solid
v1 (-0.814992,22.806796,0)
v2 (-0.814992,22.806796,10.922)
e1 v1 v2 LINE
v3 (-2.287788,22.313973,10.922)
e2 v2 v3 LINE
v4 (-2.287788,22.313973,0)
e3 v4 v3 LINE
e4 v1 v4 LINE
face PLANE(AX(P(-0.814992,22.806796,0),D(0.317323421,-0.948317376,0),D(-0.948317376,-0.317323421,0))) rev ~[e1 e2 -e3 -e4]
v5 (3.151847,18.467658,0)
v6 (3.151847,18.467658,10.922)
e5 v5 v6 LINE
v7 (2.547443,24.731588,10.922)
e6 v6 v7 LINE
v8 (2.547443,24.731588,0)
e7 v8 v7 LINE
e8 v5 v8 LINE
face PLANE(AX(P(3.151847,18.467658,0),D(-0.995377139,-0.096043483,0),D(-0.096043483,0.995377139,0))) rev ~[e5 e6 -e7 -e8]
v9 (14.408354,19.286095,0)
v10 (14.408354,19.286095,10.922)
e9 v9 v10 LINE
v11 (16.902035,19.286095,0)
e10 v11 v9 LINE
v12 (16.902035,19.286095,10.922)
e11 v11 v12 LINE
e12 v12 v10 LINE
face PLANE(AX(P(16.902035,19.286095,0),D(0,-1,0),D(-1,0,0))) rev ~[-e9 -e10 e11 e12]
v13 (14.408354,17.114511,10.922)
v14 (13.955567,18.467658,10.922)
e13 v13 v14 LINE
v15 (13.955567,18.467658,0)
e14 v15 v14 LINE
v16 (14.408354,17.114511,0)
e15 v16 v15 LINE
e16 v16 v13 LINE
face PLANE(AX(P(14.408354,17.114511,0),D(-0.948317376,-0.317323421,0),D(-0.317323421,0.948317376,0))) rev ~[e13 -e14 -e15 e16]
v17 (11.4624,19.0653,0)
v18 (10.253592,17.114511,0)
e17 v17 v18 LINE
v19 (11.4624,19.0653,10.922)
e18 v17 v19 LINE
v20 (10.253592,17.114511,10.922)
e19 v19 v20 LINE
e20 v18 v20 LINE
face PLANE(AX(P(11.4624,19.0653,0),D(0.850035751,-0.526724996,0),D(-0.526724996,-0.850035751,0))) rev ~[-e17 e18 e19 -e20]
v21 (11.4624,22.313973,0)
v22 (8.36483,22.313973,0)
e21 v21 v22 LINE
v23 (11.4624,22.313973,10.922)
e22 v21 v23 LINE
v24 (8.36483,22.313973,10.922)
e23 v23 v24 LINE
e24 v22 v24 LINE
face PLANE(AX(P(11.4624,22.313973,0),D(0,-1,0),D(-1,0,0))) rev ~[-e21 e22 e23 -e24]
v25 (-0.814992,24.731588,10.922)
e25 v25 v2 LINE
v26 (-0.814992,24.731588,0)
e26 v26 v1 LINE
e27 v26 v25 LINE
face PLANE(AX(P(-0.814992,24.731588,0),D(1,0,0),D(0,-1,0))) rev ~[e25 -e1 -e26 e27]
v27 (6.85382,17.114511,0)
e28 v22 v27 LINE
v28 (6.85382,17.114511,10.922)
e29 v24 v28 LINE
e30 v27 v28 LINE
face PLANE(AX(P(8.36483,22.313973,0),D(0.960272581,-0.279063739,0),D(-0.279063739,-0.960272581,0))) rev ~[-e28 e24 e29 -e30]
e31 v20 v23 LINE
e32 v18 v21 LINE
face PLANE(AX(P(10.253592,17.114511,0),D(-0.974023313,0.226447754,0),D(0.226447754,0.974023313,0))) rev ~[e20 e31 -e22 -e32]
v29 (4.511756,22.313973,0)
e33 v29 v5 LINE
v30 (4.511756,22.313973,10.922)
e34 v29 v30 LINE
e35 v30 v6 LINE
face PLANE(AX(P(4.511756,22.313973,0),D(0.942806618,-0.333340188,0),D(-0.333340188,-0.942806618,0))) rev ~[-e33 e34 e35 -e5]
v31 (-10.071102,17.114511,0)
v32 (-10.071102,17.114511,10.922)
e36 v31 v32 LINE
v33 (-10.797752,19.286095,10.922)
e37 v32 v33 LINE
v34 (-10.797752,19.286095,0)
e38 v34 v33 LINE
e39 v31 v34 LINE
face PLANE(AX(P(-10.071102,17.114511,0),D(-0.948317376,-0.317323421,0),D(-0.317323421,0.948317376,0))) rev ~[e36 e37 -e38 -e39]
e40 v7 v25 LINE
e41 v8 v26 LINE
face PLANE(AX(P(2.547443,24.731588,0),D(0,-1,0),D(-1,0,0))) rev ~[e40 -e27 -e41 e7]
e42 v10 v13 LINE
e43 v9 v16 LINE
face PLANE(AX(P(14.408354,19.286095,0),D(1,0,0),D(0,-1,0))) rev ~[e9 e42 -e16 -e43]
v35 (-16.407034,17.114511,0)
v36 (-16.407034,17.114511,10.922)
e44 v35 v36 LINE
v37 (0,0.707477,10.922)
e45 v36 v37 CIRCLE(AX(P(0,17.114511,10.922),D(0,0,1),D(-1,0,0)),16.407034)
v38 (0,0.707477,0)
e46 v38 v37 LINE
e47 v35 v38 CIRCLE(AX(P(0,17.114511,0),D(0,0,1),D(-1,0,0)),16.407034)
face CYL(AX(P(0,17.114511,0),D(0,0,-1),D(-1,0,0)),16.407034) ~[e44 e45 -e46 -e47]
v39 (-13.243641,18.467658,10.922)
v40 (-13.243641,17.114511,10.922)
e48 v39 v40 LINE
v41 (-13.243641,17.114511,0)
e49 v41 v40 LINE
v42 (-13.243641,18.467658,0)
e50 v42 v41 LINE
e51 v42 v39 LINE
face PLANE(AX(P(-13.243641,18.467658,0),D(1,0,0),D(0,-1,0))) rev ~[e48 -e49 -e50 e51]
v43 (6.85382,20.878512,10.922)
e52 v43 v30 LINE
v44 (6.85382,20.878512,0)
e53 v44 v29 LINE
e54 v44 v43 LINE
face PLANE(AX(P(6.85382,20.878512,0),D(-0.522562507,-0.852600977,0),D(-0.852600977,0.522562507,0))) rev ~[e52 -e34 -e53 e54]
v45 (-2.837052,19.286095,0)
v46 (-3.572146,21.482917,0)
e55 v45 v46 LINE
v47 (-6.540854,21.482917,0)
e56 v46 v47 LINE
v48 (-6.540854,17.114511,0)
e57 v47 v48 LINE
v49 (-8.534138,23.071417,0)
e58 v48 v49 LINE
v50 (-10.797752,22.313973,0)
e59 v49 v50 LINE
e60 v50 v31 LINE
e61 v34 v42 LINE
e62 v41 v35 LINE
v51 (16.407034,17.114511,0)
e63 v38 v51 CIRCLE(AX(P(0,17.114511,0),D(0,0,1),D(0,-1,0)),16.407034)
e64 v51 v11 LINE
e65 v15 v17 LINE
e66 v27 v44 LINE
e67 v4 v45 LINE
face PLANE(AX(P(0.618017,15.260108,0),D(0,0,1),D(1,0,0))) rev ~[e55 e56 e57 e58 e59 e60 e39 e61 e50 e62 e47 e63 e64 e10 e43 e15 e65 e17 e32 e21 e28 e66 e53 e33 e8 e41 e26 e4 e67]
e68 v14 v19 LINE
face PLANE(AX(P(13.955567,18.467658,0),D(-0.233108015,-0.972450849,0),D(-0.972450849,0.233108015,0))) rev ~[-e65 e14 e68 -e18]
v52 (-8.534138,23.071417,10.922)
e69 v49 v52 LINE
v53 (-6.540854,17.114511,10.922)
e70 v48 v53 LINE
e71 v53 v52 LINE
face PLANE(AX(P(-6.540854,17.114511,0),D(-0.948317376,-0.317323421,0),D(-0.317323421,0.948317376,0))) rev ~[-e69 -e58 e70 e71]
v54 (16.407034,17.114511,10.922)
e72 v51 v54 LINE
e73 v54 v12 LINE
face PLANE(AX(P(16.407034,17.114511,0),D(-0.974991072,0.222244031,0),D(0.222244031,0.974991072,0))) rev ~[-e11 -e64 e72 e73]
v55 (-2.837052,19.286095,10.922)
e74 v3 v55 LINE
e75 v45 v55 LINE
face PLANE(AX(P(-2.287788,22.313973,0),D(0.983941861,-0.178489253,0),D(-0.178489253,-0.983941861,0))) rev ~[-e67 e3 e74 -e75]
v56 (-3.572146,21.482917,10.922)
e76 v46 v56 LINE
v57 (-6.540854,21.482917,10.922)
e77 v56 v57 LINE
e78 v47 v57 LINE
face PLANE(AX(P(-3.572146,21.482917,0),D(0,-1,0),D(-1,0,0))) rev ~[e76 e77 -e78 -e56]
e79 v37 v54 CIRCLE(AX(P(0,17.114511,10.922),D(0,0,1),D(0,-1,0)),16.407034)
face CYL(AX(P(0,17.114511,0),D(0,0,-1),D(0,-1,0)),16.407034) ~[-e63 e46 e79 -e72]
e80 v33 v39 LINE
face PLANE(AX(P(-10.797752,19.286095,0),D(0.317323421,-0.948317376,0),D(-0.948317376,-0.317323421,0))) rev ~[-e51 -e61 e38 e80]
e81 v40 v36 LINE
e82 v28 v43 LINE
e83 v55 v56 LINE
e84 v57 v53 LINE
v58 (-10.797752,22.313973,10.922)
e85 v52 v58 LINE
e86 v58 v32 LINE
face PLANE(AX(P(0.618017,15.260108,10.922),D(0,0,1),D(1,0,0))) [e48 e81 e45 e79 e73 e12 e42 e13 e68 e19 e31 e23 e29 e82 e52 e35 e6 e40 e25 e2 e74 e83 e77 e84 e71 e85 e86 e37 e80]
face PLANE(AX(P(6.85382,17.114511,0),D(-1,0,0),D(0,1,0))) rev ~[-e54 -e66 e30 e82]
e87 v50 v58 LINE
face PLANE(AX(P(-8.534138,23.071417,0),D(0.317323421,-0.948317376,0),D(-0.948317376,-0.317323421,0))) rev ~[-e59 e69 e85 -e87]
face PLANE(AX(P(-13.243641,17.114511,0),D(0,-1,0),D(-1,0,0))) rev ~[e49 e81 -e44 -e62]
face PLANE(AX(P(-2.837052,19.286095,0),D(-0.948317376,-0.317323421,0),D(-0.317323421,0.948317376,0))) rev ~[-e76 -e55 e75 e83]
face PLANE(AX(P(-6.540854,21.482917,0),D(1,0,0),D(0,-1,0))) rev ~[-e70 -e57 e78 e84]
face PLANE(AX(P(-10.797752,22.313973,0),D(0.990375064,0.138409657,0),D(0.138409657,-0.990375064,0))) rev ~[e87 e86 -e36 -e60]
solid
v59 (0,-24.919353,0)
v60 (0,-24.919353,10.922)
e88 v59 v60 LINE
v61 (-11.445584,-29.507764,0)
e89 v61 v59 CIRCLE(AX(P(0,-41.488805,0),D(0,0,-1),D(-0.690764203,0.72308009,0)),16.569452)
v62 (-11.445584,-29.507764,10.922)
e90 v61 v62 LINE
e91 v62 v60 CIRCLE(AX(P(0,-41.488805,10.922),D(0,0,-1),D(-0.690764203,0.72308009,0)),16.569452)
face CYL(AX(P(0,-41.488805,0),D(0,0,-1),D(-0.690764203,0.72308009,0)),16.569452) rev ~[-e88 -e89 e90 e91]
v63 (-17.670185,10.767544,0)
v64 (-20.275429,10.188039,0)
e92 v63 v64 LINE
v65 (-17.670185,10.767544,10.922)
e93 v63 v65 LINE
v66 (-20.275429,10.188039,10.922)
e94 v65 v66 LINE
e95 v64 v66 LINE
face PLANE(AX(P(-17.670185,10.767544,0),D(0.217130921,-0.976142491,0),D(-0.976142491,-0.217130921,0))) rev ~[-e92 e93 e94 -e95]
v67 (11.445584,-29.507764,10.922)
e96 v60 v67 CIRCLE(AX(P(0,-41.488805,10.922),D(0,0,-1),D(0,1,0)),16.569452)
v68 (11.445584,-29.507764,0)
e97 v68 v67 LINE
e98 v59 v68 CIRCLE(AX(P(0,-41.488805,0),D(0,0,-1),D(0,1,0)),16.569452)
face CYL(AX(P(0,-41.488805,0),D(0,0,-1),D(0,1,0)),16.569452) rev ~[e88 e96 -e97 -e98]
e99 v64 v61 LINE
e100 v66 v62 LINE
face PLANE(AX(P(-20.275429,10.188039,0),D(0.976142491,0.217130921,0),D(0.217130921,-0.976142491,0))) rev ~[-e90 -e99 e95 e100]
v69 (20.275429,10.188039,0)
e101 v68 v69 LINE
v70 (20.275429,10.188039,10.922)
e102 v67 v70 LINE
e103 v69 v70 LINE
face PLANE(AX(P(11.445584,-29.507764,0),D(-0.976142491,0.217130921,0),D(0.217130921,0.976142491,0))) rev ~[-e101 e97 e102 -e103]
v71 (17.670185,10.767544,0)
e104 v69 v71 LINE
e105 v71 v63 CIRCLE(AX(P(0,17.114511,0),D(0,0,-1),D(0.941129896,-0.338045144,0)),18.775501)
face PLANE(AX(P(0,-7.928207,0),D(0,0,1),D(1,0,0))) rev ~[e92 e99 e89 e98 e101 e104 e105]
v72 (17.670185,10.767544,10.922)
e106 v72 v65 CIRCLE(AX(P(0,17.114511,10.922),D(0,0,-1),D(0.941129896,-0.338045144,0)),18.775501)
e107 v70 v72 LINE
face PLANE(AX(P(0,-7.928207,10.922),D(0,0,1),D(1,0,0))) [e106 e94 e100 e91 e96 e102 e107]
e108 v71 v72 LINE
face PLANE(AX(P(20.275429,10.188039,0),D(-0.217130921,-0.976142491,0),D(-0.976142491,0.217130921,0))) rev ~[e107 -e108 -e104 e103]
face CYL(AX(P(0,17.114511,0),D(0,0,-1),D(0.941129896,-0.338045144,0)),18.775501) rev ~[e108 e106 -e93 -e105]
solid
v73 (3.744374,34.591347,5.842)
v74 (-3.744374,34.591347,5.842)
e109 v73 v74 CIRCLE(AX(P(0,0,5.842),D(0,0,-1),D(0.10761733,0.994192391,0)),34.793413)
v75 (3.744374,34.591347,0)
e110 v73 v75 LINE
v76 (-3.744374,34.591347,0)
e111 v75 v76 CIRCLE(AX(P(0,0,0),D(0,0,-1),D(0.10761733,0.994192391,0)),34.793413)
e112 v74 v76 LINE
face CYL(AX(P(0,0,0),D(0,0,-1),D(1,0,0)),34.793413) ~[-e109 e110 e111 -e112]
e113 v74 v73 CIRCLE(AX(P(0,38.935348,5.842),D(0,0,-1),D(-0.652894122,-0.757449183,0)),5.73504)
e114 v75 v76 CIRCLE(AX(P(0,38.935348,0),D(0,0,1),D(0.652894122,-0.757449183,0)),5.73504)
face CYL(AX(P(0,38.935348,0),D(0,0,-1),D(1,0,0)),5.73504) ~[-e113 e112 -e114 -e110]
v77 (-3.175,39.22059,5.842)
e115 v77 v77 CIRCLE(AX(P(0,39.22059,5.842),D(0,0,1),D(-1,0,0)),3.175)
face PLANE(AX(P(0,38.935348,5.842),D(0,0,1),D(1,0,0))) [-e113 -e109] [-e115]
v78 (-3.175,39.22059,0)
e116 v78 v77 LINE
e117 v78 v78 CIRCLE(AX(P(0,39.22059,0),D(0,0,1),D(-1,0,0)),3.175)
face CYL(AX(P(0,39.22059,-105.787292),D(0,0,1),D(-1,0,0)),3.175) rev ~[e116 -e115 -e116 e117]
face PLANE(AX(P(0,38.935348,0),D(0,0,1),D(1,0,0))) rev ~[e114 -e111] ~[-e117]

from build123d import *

# Parameters (mm, degrees)
F1_DEPTH = 10.922
F2_R     = 34.7934132073
F3_DEPTH = 5.842
F4_R     = 5.7350404731
F6_DEPTH = 5.842
F8_D     = 6.35


with BuildPart() as f1:
    # F0 (on Top) → F1 (new body)
    with BuildSketch(Plane.XY):
        with BuildLine():
            ThreePointArc((-16.4070340013, 17.1145107597), (-11.6015250015, 5.5129857582), (0, 0.7074767584))
            ThreePointArc((0, 0.7074767584), (11.6015250015, 5.5129857582), (16.4070340013, 17.1145107597))
            Line((16.4070340013, 17.1145107597), (16.9020351022, 19.2860950854))
            Line((16.9020351022, 19.2860950854), (14.4083536053, 19.2860950854))
            Line((14.4083536053, 19.2860950854), (14.4083536053, 17.1145107597))
            Line((14.4083536053, 17.1145107597), (13.9555670321, 18.4676581994))
            Line((13.9555670321, 18.4676581994), (11.462399736, 19.0653000027))
            Line((11.462399736, 19.0653000027), (10.2535923943, 17.1145107597))
            Line((10.2535923943, 17.1145107597), (11.462399736, 22.3139729351))
            Line((11.462399736, 22.3139729351), (8.3648301661, 22.3139729351))
            Line((8.3648301661, 22.3139729351), (6.8538202904, 17.1145107597))
            Line((6.8538202904, 17.1145107597), (6.8538202904, 20.8785124123))
            Line((6.8538202904, 20.8785124123), (4.5117558911, 22.3139729351))
            Line((4.5117558911, 22.3139729351), (3.1518468168, 18.4676581994))
            Line((3.1518468168, 18.4676581994), (2.5474431459, 24.7315876186))
            Line((2.5474431459, 24.7315876186), (-0.8149922269, 24.7315876186))
            Line((-0.8149922269, 24.7315876186), (-0.8149922269, 22.8067958634))
            Line((-0.8149922269, 22.8067958634), (-2.2877878509, 22.3139729351))
            Line((-2.2877878509, 22.3139729351), (-2.8370516593, 19.2860950854))
            Line((-2.8370516593, 19.2860950854), (-3.5721461754, 21.4829165488))
            Line((-3.5721461754, 21.4829165488), (-6.5408538743, 21.4829165488))
            Line((-6.5408538743, 21.4829165488), (-6.5408538743, 17.1145107597))
            Line((-6.5408538743, 17.1145107597), (-8.5341380016, 23.0714173309))
            Line((-8.5341380016, 23.0714173309), (-10.7977518222, 22.3139729351))
            Line((-10.7977518222, 22.3139729351), (-10.0711020896, 17.1145107597))
            Line((-10.0711020896, 17.1145107597), (-10.7977518222, 19.2860950854))
            Line((-10.7977518222, 19.2860950854), (-13.2436409947, 18.4676581994))
            Line((-13.2436409947, 18.4676581994), (-13.2436409947, 17.1145107597))
            Line((-13.2436409947, 17.1145107597), (-16.4070340013, 17.1145107597))
        make_face()
    extrude(amount=F1_DEPTH)


with BuildPart() as f1b:
    # F0 (on Top) → F1, piece 2 (new body)
    with BuildSketch(Plane.XY):
        with BuildLine():
            ThreePointArc((0, -24.9193525969), (6.1655275867, -26.1091748948), (11.4455844786, -29.5077638287))
            Line((11.4455844786, -29.5077638287), (20.2754288912, 10.1880393922))
            Line((20.2754288912, 10.1880393922), (17.6701849203, 10.7675439507))
            ThreePointArc((17.6701849203, 10.7675439507), (10.8016652341, 1.7573153464), (0, -1.6609898406))
            ThreePointArc((0, -1.6609898406), (-10.8016652341, 1.7573153464), (-17.6701849203, 10.7675439507))
            Line((-17.6701849203, 10.7675439507), (-20.2754288912, 10.1880393922))
            Line((-20.2754288912, 10.1880393922), (-11.4455844786, -29.5077638287))
            ThreePointArc((-11.4455844786, -29.5077638287), (-6.1655275867, -26.1091748948), (0, -24.9193525969))
        make_face()
    extrude(amount=F1_DEPTH)


with BuildPart() as f3:
    # F2 (on Top) → F3 (new body)
    with BuildSketch(Plane.XY):
        Circle(F2_R)
    extrude(amount=F3_DEPTH)

    # F4 (on Top) → F6 (join)
    with BuildSketch(Plane.XY):
        with Locations((0, 38.9353483915)):
            Circle(F4_R)
    extrude(amount=F6_DEPTH)

    # F8 (through all)
    with Locations(Plane(origin=(0, 0, 0), x_dir=(1, 0, 0), z_dir=(0, 0, -1))):
        with Locations((0, -39.2205901444)):
            Hole(F8_D / 2)


solid = Compound([f1.part, f1b.part, f3.part])
